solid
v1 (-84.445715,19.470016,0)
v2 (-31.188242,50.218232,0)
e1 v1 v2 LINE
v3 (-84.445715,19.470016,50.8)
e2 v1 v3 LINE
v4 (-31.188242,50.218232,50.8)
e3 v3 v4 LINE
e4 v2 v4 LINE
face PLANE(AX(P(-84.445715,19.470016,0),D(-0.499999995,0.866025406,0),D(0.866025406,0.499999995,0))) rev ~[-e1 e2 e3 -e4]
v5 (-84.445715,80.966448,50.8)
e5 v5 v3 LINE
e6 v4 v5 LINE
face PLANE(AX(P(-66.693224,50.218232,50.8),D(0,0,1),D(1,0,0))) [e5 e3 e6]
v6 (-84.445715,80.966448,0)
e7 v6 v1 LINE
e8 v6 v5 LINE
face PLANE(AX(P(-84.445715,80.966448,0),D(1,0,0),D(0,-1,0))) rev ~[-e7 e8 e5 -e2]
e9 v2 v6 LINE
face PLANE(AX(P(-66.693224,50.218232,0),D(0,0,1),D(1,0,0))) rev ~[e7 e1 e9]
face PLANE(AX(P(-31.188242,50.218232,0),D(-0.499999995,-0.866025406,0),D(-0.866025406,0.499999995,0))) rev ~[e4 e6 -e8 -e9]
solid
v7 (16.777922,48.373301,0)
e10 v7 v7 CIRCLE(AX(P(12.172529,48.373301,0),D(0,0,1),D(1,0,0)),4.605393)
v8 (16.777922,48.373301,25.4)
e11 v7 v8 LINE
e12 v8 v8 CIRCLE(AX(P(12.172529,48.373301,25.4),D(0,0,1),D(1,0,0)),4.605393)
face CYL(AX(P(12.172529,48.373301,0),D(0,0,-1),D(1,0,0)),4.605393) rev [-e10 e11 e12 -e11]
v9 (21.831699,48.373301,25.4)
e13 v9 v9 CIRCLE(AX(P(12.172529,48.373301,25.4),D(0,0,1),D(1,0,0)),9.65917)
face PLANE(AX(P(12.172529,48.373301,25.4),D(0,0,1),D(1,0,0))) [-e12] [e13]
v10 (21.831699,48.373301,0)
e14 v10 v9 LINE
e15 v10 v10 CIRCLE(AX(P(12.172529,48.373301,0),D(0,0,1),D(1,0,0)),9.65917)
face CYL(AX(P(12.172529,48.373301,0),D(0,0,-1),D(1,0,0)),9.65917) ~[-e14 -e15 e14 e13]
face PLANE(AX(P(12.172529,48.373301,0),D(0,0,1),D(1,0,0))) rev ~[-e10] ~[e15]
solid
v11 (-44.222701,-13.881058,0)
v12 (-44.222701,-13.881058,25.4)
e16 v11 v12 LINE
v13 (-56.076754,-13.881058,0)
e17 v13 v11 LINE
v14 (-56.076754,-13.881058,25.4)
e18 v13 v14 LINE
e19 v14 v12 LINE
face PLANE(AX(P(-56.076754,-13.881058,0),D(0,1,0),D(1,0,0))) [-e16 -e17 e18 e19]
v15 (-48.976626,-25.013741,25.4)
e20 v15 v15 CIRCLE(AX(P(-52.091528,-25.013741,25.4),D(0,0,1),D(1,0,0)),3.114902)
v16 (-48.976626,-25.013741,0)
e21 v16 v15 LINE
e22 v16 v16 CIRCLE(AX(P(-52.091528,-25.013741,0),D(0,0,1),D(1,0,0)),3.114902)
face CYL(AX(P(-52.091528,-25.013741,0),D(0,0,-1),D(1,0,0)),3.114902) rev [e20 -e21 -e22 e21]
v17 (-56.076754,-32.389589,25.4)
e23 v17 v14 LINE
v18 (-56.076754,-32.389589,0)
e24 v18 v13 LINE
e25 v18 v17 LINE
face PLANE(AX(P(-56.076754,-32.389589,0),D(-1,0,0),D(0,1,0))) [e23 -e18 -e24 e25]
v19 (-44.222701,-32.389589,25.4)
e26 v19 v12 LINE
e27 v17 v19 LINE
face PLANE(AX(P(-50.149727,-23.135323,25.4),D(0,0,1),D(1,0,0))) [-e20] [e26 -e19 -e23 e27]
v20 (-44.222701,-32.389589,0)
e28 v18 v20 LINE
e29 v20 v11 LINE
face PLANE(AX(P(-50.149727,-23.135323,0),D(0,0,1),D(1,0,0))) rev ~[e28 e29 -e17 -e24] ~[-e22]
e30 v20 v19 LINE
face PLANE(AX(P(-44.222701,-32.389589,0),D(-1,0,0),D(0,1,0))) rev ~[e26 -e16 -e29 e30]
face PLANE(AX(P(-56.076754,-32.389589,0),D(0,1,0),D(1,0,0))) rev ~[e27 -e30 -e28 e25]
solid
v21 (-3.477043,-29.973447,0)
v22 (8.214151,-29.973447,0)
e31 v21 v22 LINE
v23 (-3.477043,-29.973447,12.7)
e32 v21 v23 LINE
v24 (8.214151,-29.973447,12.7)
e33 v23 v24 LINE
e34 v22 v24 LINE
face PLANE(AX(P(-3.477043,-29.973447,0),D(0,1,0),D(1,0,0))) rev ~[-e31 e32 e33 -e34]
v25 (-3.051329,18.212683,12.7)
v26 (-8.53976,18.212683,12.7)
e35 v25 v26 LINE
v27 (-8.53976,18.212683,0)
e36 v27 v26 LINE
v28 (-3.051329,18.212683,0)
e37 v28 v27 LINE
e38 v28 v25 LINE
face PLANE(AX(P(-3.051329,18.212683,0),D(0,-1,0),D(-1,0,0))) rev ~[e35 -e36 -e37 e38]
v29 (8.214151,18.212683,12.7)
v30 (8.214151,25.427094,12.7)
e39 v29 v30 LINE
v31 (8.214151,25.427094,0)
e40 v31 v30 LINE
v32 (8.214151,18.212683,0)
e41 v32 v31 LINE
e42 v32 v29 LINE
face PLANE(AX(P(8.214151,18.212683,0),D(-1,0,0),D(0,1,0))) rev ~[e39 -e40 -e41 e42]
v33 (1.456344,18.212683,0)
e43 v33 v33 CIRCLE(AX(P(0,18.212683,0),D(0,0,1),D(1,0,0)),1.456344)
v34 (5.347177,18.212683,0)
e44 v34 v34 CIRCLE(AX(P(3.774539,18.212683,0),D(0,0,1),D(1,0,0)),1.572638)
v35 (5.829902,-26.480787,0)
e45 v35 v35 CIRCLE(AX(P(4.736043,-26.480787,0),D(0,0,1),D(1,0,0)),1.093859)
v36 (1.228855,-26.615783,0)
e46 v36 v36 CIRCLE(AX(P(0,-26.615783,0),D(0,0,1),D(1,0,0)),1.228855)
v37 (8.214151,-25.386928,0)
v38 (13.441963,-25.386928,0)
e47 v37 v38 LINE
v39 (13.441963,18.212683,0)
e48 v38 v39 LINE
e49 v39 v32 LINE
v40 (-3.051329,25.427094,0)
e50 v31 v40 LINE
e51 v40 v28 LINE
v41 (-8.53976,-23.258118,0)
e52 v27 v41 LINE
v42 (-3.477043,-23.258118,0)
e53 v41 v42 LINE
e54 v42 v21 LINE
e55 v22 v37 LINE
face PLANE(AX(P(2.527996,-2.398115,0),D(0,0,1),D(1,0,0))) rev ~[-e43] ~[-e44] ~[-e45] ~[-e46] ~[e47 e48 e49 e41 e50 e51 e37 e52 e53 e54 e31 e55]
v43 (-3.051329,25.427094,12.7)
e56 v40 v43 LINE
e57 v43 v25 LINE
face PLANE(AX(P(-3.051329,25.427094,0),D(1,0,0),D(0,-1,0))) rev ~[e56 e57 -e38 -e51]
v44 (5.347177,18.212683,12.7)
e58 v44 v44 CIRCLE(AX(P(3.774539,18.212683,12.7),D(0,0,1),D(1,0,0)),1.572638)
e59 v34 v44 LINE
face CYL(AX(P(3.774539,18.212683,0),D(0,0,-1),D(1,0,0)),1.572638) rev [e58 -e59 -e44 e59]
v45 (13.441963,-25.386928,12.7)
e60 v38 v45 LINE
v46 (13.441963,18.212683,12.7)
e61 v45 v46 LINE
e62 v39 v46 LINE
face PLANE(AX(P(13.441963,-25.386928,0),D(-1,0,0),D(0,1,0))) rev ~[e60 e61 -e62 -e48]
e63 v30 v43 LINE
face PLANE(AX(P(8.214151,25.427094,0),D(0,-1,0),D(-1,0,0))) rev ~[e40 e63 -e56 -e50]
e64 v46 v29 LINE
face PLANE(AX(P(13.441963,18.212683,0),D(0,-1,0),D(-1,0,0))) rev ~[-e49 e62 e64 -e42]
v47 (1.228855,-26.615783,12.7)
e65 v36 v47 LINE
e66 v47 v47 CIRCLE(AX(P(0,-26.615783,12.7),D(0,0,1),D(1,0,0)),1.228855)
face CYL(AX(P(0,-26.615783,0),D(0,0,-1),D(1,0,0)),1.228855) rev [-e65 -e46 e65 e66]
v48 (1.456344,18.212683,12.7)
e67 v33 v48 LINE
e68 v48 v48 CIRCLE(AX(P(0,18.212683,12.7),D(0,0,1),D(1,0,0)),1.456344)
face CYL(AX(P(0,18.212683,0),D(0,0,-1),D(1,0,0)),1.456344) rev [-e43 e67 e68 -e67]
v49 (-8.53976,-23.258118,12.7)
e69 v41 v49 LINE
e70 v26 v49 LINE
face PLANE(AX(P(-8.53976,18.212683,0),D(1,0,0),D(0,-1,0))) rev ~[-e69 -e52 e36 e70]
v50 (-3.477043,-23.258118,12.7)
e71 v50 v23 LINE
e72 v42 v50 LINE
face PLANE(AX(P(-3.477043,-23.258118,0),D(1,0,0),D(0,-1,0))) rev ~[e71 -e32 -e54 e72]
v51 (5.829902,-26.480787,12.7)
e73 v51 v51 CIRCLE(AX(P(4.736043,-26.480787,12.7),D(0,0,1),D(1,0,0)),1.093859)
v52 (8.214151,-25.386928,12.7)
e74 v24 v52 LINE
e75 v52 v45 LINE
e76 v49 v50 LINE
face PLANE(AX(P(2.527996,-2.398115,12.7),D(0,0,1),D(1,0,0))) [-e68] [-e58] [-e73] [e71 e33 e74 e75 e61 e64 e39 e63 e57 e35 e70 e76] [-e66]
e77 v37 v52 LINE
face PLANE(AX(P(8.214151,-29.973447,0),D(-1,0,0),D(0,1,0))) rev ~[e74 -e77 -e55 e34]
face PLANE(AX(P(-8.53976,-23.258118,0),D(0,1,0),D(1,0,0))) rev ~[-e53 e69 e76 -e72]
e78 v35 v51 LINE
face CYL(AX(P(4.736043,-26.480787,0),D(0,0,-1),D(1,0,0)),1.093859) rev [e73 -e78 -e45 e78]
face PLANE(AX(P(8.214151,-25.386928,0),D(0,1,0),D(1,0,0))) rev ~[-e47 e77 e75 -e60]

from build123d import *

# Parameters (mm, degrees)
F0_R     = 1.228855
F0_R_2   = 1.093859
F0_R_3   = 1.456344
F0_R_4   = 1.572638
F1_DEPTH = 12.7
F2_W     = 11.854053
F2_H     = 18.508531
F2_R     = 3.114902
F3_DEPTH = 25.4
F4_R     = 9.65917
F4_R_2   = 4.605393
F5_DEPTH = 25.4
F7_DEPTH = 50.8


with BuildPart() as f1:
    # F0 (on Top) → F1 (new body)
    with BuildSketch(Plane.XY):
        Polygon((8.214151, 25.427094), (-3.051329, 25.427094), (-3.051329, 18.212683), (-8.53976, 18.212683), (-8.53976, -23.258118), (-3.477043, -23.258118), (-3.477043, -29.973447), (8.214151, -29.973447), (8.214151, -25.386928), (13.441963, -25.386928), (13.441963, 18.212683), (8.214151, 18.212683), align=None)
        with Locations((0, -26.615783)):
            Circle(F0_R, mode=Mode.SUBTRACT)
        with Locations((4.736043, -26.480787)):
            Circle(F0_R_2, mode=Mode.SUBTRACT)
        with Locations((0, 18.212683)):
            Circle(F0_R_3, mode=Mode.SUBTRACT)
        with Locations((3.774539, 18.212683)):
            Circle(F0_R_4, mode=Mode.SUBTRACT)
    extrude(amount=F1_DEPTH)


with BuildPart() as f3:
    # F2 (on Top) → F3 (new body)
    with BuildSketch(Plane.XY):
        with Locations((-50.149727, -23.135323)):
            Rectangle(F2_W, F2_H)
        with Locations((-52.091528, -25.013741)):
            Circle(F2_R, mode=Mode.SUBTRACT)
    extrude(amount=F3_DEPTH)


with BuildPart() as f5:
    # F4 (on Top) → F5 (new body)
    with BuildSketch(Plane.XY):
        with Locations((12.172529, 48.373301)):
            Circle(F4_R)
        with Locations((12.172529, 48.373301)):
            Circle(F4_R_2, mode=Mode.SUBTRACT)
    extrude(amount=F5_DEPTH)


with BuildPart() as f7:
    # F6 (on Top) → F7 (new body)
    with BuildSketch(Plane.XY):
        Polygon((-84.445715, 80.966448), (-84.445715, 19.470016), (-31.188242, 50.218232), align=None)
    extrude(amount=F7_DEPTH)


solid = Compound([f1.part, f3.part, f5.part, f7.part])
